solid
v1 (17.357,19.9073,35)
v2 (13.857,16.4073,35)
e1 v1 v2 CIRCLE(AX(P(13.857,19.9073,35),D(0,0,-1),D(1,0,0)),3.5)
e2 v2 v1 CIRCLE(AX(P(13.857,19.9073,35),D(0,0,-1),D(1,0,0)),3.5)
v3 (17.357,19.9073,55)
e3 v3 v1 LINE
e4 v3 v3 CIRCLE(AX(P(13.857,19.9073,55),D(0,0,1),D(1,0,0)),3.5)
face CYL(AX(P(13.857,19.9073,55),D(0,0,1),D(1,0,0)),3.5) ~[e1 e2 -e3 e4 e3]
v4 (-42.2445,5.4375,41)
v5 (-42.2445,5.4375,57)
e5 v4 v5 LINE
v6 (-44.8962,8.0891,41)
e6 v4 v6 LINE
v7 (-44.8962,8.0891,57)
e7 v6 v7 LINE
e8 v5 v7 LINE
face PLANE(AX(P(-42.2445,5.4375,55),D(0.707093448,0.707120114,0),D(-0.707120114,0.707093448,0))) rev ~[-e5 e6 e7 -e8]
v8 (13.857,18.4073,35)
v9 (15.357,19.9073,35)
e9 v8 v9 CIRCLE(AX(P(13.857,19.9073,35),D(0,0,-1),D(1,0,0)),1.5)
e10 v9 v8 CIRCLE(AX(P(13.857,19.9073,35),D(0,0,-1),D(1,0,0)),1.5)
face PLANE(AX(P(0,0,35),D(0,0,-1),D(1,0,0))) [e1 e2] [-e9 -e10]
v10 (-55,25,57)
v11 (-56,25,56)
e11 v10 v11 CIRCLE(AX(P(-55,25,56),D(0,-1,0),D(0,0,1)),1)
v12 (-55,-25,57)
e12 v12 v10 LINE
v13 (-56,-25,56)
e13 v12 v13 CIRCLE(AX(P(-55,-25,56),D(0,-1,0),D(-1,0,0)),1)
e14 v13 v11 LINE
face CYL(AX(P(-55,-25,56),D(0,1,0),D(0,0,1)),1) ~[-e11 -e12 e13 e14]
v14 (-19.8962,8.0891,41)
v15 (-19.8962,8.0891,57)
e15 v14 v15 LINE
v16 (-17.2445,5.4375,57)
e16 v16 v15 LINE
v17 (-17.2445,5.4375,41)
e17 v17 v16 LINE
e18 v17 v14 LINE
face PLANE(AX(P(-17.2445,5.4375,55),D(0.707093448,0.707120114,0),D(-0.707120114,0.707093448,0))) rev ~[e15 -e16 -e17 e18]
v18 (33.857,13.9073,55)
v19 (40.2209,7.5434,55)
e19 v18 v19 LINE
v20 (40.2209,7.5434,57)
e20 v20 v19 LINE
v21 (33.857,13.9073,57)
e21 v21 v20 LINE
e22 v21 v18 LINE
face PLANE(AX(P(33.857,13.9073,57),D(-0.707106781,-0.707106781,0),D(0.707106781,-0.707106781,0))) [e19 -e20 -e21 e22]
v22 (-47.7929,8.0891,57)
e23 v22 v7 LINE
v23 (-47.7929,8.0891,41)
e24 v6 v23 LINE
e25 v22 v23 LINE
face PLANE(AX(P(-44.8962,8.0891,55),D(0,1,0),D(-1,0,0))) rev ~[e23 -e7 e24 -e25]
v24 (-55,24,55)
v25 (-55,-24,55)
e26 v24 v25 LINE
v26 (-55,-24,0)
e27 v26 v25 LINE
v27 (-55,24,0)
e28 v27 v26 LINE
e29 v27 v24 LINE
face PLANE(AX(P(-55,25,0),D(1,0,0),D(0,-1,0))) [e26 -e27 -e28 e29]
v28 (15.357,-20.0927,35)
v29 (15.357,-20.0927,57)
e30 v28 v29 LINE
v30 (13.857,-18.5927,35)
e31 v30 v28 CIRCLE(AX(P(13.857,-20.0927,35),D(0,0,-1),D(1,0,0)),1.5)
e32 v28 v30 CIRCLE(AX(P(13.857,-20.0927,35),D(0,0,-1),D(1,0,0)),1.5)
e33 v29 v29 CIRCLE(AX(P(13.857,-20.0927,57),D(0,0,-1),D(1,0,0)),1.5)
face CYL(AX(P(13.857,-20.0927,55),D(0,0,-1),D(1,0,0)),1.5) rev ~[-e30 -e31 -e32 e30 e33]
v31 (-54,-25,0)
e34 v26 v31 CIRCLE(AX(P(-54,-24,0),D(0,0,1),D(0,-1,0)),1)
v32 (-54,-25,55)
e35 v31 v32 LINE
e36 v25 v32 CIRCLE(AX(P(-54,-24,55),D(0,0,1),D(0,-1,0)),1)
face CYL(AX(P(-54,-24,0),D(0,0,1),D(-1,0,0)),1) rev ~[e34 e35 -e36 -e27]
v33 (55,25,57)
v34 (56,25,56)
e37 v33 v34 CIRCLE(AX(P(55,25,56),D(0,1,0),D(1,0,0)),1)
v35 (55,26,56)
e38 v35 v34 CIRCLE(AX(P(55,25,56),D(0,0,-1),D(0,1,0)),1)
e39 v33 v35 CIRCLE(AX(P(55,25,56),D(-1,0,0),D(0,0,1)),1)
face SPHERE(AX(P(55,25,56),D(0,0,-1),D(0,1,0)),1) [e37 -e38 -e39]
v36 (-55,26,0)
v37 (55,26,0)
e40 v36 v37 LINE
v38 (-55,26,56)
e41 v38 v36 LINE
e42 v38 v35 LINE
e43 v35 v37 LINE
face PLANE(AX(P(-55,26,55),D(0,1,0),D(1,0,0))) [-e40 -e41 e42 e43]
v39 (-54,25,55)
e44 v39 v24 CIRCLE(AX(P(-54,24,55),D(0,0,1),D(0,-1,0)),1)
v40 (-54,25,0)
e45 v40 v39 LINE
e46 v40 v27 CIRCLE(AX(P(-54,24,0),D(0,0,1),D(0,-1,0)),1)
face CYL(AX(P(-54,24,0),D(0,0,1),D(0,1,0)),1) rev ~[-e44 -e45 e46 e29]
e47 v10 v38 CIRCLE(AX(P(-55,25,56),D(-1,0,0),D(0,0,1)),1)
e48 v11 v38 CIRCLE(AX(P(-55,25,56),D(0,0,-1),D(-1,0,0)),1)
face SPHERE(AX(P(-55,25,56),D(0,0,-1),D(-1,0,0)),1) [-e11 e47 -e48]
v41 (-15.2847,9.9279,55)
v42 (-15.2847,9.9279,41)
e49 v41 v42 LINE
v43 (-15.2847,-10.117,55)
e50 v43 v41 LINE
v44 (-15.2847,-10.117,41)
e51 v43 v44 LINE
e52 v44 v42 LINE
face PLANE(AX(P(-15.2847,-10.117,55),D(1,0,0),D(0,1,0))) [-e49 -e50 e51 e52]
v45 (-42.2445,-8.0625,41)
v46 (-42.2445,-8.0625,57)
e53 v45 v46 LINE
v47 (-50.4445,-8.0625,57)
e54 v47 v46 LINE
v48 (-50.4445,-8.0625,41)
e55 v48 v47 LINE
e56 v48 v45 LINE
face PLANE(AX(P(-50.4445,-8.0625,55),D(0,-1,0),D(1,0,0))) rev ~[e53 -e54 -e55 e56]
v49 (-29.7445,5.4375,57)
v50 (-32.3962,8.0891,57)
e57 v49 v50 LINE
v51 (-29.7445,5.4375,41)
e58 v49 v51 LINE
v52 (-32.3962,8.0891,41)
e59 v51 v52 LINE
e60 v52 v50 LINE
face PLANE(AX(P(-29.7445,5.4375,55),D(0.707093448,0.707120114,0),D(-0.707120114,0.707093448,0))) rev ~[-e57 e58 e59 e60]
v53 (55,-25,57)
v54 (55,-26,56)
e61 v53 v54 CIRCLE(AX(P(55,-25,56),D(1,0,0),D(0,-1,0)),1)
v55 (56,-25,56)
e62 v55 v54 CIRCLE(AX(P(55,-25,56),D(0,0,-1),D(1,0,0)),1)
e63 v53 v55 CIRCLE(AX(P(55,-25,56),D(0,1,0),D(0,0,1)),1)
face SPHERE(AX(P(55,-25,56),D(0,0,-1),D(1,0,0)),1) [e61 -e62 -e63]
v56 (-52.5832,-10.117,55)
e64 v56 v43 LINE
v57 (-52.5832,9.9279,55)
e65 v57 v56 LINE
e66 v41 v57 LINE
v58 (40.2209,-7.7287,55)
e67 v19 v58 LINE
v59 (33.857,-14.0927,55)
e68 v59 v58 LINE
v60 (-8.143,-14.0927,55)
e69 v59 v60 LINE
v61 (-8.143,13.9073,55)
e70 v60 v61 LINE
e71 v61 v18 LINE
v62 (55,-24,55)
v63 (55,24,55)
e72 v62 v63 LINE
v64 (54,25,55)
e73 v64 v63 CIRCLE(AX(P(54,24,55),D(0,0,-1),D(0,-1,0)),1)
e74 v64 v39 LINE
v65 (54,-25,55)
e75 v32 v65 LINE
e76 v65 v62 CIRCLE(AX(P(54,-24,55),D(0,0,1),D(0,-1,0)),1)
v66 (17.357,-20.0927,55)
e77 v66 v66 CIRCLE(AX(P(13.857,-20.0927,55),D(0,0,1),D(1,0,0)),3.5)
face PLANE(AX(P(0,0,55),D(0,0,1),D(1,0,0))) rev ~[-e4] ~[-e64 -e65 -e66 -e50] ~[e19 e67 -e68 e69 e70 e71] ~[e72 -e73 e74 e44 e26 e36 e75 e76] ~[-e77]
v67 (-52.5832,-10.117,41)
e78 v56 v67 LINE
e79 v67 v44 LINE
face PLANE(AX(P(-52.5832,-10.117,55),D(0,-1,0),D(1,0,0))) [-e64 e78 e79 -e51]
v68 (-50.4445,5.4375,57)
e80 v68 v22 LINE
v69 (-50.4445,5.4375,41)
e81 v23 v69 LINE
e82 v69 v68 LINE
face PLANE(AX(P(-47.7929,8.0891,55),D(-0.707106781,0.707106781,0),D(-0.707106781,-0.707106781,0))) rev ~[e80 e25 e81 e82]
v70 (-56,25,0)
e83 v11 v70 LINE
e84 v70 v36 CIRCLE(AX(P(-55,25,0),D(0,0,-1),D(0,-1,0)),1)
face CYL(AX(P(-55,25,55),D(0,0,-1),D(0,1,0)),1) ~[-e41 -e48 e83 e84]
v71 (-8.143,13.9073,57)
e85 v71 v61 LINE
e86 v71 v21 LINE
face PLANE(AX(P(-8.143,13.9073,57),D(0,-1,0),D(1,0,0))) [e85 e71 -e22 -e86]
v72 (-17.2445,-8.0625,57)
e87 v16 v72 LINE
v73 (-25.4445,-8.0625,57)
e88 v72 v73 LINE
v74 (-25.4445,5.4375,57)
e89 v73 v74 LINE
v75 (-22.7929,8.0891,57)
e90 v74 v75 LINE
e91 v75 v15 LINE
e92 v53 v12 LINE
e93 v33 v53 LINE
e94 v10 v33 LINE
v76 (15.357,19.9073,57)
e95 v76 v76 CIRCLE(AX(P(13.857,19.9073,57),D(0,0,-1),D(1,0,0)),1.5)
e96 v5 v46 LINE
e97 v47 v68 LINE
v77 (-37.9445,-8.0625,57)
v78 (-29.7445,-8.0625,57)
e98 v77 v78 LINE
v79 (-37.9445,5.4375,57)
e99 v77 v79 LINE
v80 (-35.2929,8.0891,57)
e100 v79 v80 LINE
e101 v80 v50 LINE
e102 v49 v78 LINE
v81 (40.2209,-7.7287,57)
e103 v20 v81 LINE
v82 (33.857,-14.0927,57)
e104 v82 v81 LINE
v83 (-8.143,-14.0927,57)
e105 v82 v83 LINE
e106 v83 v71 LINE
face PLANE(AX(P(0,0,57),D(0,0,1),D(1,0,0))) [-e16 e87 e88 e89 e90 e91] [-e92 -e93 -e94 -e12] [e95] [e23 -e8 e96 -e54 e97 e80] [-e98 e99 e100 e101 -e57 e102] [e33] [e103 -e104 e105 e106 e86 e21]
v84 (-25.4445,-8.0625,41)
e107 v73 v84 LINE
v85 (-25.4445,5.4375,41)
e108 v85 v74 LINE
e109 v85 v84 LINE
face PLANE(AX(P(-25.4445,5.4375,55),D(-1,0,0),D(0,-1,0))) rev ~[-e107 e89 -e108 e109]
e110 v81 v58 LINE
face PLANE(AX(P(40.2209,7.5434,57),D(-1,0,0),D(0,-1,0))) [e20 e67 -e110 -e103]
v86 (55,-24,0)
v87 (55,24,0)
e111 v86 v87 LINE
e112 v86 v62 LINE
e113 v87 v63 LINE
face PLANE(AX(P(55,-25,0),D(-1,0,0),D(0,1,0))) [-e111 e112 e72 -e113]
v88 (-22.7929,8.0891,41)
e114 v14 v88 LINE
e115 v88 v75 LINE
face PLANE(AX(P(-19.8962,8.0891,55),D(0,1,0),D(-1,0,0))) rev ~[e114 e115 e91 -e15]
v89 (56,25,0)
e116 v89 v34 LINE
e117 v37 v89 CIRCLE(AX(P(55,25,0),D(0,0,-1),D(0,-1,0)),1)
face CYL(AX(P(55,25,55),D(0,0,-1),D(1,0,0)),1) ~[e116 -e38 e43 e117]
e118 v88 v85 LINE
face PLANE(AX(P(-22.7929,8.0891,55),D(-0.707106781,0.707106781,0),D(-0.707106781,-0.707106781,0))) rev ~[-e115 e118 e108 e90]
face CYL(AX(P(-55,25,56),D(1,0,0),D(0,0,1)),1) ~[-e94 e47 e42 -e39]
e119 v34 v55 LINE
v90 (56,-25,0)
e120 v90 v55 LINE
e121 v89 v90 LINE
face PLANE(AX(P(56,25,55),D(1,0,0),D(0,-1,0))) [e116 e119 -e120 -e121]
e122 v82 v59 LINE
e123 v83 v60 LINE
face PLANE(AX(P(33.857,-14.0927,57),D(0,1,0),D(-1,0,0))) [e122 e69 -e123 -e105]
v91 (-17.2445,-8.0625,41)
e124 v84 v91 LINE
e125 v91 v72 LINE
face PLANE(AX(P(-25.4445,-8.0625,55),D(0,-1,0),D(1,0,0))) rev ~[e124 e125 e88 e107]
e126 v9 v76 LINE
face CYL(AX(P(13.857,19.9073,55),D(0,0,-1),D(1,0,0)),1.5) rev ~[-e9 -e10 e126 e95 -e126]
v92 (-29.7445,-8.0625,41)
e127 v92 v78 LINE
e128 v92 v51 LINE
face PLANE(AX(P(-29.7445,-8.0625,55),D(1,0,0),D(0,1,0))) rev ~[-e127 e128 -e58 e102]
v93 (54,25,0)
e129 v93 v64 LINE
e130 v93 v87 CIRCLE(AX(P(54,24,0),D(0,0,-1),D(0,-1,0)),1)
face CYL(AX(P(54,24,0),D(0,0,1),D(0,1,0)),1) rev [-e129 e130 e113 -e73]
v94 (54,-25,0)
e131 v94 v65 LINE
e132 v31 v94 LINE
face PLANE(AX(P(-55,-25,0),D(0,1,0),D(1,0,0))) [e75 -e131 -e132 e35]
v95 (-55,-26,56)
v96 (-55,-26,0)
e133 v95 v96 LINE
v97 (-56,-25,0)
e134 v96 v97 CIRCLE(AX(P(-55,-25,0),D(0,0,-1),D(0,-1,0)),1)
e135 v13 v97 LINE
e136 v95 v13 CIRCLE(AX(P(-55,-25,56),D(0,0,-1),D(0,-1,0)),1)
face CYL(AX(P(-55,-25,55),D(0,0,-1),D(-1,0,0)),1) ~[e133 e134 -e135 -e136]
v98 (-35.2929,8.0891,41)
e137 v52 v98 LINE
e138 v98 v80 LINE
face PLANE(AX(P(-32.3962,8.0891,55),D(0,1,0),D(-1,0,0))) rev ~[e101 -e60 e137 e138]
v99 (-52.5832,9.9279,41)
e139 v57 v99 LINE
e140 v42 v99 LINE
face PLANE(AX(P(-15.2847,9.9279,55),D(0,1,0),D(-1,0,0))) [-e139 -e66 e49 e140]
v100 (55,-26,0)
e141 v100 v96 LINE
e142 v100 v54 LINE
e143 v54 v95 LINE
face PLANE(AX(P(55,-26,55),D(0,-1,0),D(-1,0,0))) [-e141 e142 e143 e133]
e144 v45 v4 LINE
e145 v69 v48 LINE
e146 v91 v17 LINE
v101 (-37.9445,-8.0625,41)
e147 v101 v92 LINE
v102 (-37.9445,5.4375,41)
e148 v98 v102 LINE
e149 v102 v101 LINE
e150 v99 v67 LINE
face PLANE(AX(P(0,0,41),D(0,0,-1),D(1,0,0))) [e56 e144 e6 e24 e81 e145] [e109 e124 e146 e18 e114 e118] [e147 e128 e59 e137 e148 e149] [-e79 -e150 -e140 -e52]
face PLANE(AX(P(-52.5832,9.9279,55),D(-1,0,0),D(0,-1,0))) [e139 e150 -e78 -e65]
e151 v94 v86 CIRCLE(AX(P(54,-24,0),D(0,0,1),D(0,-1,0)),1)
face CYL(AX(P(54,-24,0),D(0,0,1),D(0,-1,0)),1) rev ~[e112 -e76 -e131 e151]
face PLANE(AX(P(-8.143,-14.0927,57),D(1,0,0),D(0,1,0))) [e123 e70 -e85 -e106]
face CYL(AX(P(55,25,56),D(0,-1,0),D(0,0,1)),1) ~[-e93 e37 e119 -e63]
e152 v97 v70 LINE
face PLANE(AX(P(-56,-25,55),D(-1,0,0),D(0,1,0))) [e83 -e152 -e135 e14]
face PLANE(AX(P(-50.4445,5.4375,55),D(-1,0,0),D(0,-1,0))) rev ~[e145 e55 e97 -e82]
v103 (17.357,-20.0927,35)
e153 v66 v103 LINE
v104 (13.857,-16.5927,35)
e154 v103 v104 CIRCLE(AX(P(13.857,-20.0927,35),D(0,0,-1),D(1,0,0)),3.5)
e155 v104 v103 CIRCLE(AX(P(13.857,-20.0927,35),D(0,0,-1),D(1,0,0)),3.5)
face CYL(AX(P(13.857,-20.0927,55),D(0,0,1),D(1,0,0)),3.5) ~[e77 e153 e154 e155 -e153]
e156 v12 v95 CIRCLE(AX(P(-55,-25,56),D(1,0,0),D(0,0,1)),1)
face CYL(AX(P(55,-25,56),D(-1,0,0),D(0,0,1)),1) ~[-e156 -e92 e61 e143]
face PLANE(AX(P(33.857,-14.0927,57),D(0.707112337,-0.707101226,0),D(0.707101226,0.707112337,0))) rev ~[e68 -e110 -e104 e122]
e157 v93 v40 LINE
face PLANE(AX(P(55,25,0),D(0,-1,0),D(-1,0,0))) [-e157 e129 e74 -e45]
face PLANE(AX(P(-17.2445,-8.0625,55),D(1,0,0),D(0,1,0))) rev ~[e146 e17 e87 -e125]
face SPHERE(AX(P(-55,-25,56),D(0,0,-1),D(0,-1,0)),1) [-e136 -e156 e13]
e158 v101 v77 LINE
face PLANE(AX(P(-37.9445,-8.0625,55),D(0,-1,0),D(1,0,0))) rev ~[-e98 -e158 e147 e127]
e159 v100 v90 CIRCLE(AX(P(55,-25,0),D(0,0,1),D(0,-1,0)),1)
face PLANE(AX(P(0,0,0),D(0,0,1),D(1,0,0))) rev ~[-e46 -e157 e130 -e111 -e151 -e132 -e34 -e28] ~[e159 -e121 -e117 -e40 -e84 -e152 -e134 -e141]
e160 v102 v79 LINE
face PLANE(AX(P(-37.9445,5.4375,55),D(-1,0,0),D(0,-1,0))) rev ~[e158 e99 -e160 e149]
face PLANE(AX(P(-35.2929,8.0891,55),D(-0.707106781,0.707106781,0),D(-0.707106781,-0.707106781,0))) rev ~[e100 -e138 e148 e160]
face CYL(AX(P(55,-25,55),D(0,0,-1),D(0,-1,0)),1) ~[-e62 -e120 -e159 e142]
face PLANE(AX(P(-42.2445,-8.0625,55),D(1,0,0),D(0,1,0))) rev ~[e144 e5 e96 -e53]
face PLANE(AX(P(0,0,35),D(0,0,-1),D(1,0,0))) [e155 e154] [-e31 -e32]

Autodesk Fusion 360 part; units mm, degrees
sketch "Box" plane through (0, 0, 0) normal (0, 0, 1) x (1, 0, 0)
  line L0 (55, 25) -> (-55, 25)
  line L1 (-55, 25) -> (-55, -25)
  line L2 (-55, -25) -> (55, -25)
  line L3 (55, -25) -> (55, 25)
  line L4 (55, 25) -> (-55, -25) construction
  line L5 (-55, 25) -> (55, -25) construction
  line L6 (56, -26) -> (-56, -26)
  line L7 (-56, -26) -> (-56, 26)
  line L8 (-56, 26) -> (56, 26)
  line L9 (56, 26) -> (56, -26)
  line L10 (56, -26) -> (-56, 26) construction
  line L11 (-56, -26) -> (56, 26) construction
  dimension "d2" = 110
  dimension "d3" = 50
  dimension "d4" = 112
  dimension "d5" = 52
extrude "Extrude1" add sketch "Box" along normal blind 55
fillet "Fillet1" radius 1 4 edges at (56, -26, 27.5) (-56, -26, 27.5) (56, 26, 27.5) (-56, 26, 27.5)
fillet "Fillet2" radius 1 4 edges at (55, -25, 27.5) (55, 25, 27.5) (-55, 25, 27.5) (-55, -25, 27.5)
ref_plane "WorkPlane1" through (0, 0, 55) normal (0, 0, 1) x (1, 0, 0)
sketch "Lid" plane through (0, 0, 55) normal (0, 0, 1) x (1, 0, 0)
  line L0 (55, -26) -> (-55, -26)
  line L1 (-56, -25) -> (-56, 25)
  line L2 (-55, 26) -> (55, 26)
  line L3 (56, 25) -> (56, -25)
  line L4 (56, -26) -> (-56, 26) construction
  line L5 (-56, -26) -> (56, 26) construction
  arc A0 (-55, 26) -> (-56, 25) centre (-55, 25) ccw
  arc A1 (56, 25) -> (55, 26) centre (55, 25) ccw
  arc A2 (55, -26) -> (56, -25) centre (55, -25) ccw
  arc A3 (-56, -25) -> (-55, -26) centre (-55, -25) ccw
  dimension "d13" = 112
  dimension "d14" = 52
  dimension "d15" = 1
  dimension "d16" = 1
  dimension "d17" = 1
  dimension "d18" = 1
extrude "Extrude2" add sketch "Lid" along normal blind 2
fillet "Fillet3" radius 1 8 edges at (0, 26, 57) (-55.7071, 25.7071, 57) (-56, 0, 57) (-55.7071, -25.7071, 57) (0, -26, 57) (55.7071, -25.7071, 57) (56, 0, 57) (55.7071, 25.7071, 57)
sketch "230 plug" plane through (0, 0, 57) normal (0, 0, 1) x (-1, 0, 0)
  line L0 (-55, -25) -> (55, -25)
  line L1 (55, -25) -> (55, 25)
  line L2 (55, 25) -> (-55, 25)
  line L3 (-55, 25) -> (-55, -25)
  line L4 (8.143, -13.9073) -> (-33.857, -13.9073)
  line L5 (-33.857, 14.0927) -> (8.143, 14.0927)
  line L6 (8.143, 14.0927) -> (8.143, -13.9073)
  line L7 (8.143, -13.9073) -> (-33.857, 14.0927) construction
  line L8 (-33.857, -13.9073) -> (8.143, 14.0927) construction
  line L9 (-33.857, 14.0927) -> (-40.2209, 7.7287)
  line L10 (-33.857, 14.0927) -> (-12.0333, 14.0927) construction
  line L11 (-33.857, -13.9073) -> (-40.2209, -7.5434)
  line L12 (-33.857, -13.9073) -> (-12.0333, -13.9073) construction
  line L13 (-40.2209, -7.5434) -> (-40.2209, 7.7287)
  point P0 (-12.857, 0.0927)
  dimension "d32" = 28
  dimension "d33" = 42
  dimension "d34" = 135
  dimension "d35" = 9
  dimension "d36" = 135
  dimension "d37" = 9
extrude "Extrude3" cut sketch "230 plug" against normal blind 2 contours L4 L5 L6 L9 L11 L13
ref_plane "WorkPlane2" through (0, 0, 55) normal (0, 0, -1) x (-1, 0, 0)
sketch "Screw Holes" plane through (0, 0, 55) normal (0, 0, -1) x (1, 0, 0)
  line L0 (-8.143, 14.0927) -> (-8.143, -13.9073)
  circle A0 centre (13.857, -19.9073) radius 1.5
  line L1 (-8.143, -13.9073) -> (13.857, -13.9073)
  line L2 (13.857, -13.9073) -> (13.857, -19.9073)
  circle A1 centre (13.857, -19.9073) radius 3.5
  line L3 (-8.143, 14.0927) -> (13.857, 14.0927)
  line L4 (13.857, 14.0927) -> (13.857, 20.0927)
  circle A2 centre (13.857, 20.0927) radius 3.5
  circle A3 centre (13.857, 20.0927) radius 1.5
  dimension "d44" = 3
  dimension "d45" = 22
  dimension "d46" = 6
  dimension "d47" = 7
  dimension "d49" = 22
  dimension "d50" = 6
  dimension "d51" = 7
  dimension "d52" = 3
extrude "Extrude5" add sketch "Screw Holes" along normal blind 20
extrude "Extrude6" cut sketch "Screw Holes" against normal blind 2 contours A0 | A3
sketch "XT60 plug 1" plane through (0, 0, 55) normal (0, 0, -1) x (1, 0, 0)
  circle A0 centre (13.857, -19.9073) radius 3.5
  line L0 (40.2209, 7.7287) -> (40.2209, -7.5434)
  line L1 (40.2209, -7.5434) -> (33.857, -13.9073)
  line L2 (33.857, -13.9073) -> (-8.143, -13.9073)
  line L3 (-8.143, -13.9073) -> (-8.143, 14.0927)
  line L4 (-8.143, 14.0927) -> (33.857, 14.0927)
  line L5 (33.857, 14.0927) -> (40.2209, 7.7287)
  arc A1 (-54, 25) -> (-55, 24) centre (-54, 24) ccw
  line L6 (-55, 24) -> (-55, -24)
  arc A2 (-55, -24) -> (-54, -25) centre (-54, -24) ccw
  line L7 (-54, -25) -> (54, -25)
  arc A3 (54, -25) -> (55, -24) centre (54, -24) ccw
  line L8 (55, -24) -> (55, 24)
  arc A4 (55, 24) -> (54, 25) centre (54, 24) ccw
  line L9 (54, 25) -> (-54, 25)
  circle A5 centre (13.857, 20.0927) radius 3.5
  line L10 (-50.4445, 8.0625) -> (-42.2445, 8.0625)
  line L11 (-42.2445, -5.4375) -> (-44.8962, -8.0891)
  line L12 (-50.4445, -5.4375) -> (-47.7929, -8.0891)
  line L13 (-47.7929, -8.0891) -> (-44.8962, -8.0891)
  line L14 (-37.9445, 8.0625) -> (-29.7445, 8.0625)
  line L15 (-29.7445, 8.0625) -> (-29.7445, -5.4375)
  line L16 (-29.7445, -5.4375) -> (-32.3962, -8.0891)
  line L17 (-37.9445, -5.4375) -> (-35.2929, -8.0891)
  line L18 (-35.2929, -8.0891) -> (-32.3962, -8.0891)
  line L19 (-17.2445, 8.0625) -> (-25.4445, 8.0625)
  line L20 (-25.4445, 8.0625) -> (-25.4445, -5.4375)
  line L21 (-25.4445, -5.4375) -> (-22.7929, -8.0891)
  line L22 (-17.2445, -5.4375) -> (-19.8962, -8.0891)
  line L23 (-22.7929, -8.0891) -> (-19.8962, -8.0891)
  line L24 (-42.2445, -5.4375) -> (-42.2445, 8.0625)
  line L25 (-37.9445, -5.4375) -> (-37.9445, 8.0625)
  line L26 (-17.2445, -5.4375) -> (-17.2445, 8.0625)
  line L27 (-50.4445, 8.0625) -> (-50.4445, -5.4375)
  line L28 (-42.2445, 1.3125) -> (-37.9445, 1.3125)
  line L29 (-29.7445, 1.3125) -> (-25.4445, 1.3125)
  dimension "d70" = 3.75
  dimension "d71" = 3.75
  dimension "d72" = 8.2
  dimension "d75" = 3.75
  dimension "d76" = 3.75
  dimension "d79" = 8.2
  dimension "d80" = 13.5
  dimension "d81" = 3.75
  dimension "d83" = 3.75
  dimension "d89" = 8.2
  dimension "d91" = 4.3
extrude "Extrude7" cut sketch "XT60 plug 1" against normal blind 2 contours L19 L20 L21 L22 L23 L26 | L14 L15 L16 L17 L18 L25 | L10 L11 L12 L13 L24 L27
sketch "Sketch7" plane through (0, 0, 55) normal (0, 0, -1) x (1, 0, 0)
  line L0 (-47.7929, -8.0891) -> (-50.4445, -5.4375)
  line L1 (-50.4445, 8.0625) -> (-42.2445, 8.0625)
  line L2 (-42.2445, 8.0625) -> (-42.2445, -5.4375)
  line L3 (-42.2445, -5.4375) -> (-44.8962, -8.0891)
  line L4 (-44.8962, -8.0891) -> (-47.7929, -8.0891)
  line L5 (-29.7445, -5.4375) -> (-32.3962, -8.0891)
  line L6 (-32.3962, -8.0891) -> (-35.2929, -8.0891)
  line L7 (-35.2929, -8.0891) -> (-37.9445, -5.4375)
  line L8 (-37.9445, -5.4375) -> (-37.9445, 8.0625)
  line L9 (-37.9445, 8.0625) -> (-29.7445, 8.0625)
  line L10 (-29.7445, 8.0625) -> (-29.7445, -5.4375)
  line L11 (-25.4445, 8.0625) -> (-17.2445, 8.0625)
  line L12 (-17.2445, 8.0625) -> (-17.2445, -5.4375)
  line L13 (-17.2445, -5.4375) -> (-19.8962, -8.0891)
  line L14 (-19.8962, -8.0891) -> (-22.7929, -8.0891)
  line L15 (-22.7929, -8.0891) -> (-25.4445, -5.4375)
  line L16 (-25.4445, -5.4375) -> (-25.4445, 8.0625)
  circle A0 centre (13.857, -19.9073) radius 3.5
  line L17 (40.2209, 7.7287) -> (40.2209, -7.5434)
  line L18 (40.2209, -7.5434) -> (33.857, -13.9073)
  line L19 (33.857, -13.9073) -> (-8.143, -13.9073)
  line L20 (-8.143, -13.9073) -> (-8.143, 14.0927)
  line L21 (-8.143, 14.0927) -> (33.857, 14.0927)
  line L22 (33.857, 14.0927) -> (40.2209, 7.7287)
  arc A1 (-54, 25) -> (-55, 24) centre (-54, 24) ccw
  line L23 (-55, 24) -> (-55, -24)
  arc A2 (-55, -24) -> (-54, -25) centre (-54, -24) ccw
  line L24 (-54, -25) -> (54, -25)
  arc A3 (54, -25) -> (55, -24) centre (54, -24) ccw
  line L25 (55, -24) -> (55, 24)
  arc A4 (55, 24) -> (54, 25) centre (54, 24) ccw
  line L26 (54, 25) -> (-54, 25)
  circle A5 centre (13.857, 20.0927) radius 3.5
  line L27 (-15.2847, -9.9279) -> (-52.5832, -9.9279)
  line L28 (-52.5832, -9.9279) -> (-52.5832, 10.117)
  line L29 (-52.5832, 10.117) -> (-15.2847, 10.117)
  line L30 (-15.2847, 10.117) -> (-15.2847, -9.9279)
  line L31 (-15.2847, -9.9279) -> (-52.5832, 10.117) construction
  line L32 (-52.5832, -9.9279) -> (-15.2847, 10.117) construction
  line L33 (-50.4445, -5.4375) -> (-50.4445, 8.0625)
  point P0 (-33.934, 0.0945)
extrude "Extrude8" add sketch "Sketch7" along normal blind 14 contours L27 L28 L29 L30
extrude "Extrude4" [suppressed]
